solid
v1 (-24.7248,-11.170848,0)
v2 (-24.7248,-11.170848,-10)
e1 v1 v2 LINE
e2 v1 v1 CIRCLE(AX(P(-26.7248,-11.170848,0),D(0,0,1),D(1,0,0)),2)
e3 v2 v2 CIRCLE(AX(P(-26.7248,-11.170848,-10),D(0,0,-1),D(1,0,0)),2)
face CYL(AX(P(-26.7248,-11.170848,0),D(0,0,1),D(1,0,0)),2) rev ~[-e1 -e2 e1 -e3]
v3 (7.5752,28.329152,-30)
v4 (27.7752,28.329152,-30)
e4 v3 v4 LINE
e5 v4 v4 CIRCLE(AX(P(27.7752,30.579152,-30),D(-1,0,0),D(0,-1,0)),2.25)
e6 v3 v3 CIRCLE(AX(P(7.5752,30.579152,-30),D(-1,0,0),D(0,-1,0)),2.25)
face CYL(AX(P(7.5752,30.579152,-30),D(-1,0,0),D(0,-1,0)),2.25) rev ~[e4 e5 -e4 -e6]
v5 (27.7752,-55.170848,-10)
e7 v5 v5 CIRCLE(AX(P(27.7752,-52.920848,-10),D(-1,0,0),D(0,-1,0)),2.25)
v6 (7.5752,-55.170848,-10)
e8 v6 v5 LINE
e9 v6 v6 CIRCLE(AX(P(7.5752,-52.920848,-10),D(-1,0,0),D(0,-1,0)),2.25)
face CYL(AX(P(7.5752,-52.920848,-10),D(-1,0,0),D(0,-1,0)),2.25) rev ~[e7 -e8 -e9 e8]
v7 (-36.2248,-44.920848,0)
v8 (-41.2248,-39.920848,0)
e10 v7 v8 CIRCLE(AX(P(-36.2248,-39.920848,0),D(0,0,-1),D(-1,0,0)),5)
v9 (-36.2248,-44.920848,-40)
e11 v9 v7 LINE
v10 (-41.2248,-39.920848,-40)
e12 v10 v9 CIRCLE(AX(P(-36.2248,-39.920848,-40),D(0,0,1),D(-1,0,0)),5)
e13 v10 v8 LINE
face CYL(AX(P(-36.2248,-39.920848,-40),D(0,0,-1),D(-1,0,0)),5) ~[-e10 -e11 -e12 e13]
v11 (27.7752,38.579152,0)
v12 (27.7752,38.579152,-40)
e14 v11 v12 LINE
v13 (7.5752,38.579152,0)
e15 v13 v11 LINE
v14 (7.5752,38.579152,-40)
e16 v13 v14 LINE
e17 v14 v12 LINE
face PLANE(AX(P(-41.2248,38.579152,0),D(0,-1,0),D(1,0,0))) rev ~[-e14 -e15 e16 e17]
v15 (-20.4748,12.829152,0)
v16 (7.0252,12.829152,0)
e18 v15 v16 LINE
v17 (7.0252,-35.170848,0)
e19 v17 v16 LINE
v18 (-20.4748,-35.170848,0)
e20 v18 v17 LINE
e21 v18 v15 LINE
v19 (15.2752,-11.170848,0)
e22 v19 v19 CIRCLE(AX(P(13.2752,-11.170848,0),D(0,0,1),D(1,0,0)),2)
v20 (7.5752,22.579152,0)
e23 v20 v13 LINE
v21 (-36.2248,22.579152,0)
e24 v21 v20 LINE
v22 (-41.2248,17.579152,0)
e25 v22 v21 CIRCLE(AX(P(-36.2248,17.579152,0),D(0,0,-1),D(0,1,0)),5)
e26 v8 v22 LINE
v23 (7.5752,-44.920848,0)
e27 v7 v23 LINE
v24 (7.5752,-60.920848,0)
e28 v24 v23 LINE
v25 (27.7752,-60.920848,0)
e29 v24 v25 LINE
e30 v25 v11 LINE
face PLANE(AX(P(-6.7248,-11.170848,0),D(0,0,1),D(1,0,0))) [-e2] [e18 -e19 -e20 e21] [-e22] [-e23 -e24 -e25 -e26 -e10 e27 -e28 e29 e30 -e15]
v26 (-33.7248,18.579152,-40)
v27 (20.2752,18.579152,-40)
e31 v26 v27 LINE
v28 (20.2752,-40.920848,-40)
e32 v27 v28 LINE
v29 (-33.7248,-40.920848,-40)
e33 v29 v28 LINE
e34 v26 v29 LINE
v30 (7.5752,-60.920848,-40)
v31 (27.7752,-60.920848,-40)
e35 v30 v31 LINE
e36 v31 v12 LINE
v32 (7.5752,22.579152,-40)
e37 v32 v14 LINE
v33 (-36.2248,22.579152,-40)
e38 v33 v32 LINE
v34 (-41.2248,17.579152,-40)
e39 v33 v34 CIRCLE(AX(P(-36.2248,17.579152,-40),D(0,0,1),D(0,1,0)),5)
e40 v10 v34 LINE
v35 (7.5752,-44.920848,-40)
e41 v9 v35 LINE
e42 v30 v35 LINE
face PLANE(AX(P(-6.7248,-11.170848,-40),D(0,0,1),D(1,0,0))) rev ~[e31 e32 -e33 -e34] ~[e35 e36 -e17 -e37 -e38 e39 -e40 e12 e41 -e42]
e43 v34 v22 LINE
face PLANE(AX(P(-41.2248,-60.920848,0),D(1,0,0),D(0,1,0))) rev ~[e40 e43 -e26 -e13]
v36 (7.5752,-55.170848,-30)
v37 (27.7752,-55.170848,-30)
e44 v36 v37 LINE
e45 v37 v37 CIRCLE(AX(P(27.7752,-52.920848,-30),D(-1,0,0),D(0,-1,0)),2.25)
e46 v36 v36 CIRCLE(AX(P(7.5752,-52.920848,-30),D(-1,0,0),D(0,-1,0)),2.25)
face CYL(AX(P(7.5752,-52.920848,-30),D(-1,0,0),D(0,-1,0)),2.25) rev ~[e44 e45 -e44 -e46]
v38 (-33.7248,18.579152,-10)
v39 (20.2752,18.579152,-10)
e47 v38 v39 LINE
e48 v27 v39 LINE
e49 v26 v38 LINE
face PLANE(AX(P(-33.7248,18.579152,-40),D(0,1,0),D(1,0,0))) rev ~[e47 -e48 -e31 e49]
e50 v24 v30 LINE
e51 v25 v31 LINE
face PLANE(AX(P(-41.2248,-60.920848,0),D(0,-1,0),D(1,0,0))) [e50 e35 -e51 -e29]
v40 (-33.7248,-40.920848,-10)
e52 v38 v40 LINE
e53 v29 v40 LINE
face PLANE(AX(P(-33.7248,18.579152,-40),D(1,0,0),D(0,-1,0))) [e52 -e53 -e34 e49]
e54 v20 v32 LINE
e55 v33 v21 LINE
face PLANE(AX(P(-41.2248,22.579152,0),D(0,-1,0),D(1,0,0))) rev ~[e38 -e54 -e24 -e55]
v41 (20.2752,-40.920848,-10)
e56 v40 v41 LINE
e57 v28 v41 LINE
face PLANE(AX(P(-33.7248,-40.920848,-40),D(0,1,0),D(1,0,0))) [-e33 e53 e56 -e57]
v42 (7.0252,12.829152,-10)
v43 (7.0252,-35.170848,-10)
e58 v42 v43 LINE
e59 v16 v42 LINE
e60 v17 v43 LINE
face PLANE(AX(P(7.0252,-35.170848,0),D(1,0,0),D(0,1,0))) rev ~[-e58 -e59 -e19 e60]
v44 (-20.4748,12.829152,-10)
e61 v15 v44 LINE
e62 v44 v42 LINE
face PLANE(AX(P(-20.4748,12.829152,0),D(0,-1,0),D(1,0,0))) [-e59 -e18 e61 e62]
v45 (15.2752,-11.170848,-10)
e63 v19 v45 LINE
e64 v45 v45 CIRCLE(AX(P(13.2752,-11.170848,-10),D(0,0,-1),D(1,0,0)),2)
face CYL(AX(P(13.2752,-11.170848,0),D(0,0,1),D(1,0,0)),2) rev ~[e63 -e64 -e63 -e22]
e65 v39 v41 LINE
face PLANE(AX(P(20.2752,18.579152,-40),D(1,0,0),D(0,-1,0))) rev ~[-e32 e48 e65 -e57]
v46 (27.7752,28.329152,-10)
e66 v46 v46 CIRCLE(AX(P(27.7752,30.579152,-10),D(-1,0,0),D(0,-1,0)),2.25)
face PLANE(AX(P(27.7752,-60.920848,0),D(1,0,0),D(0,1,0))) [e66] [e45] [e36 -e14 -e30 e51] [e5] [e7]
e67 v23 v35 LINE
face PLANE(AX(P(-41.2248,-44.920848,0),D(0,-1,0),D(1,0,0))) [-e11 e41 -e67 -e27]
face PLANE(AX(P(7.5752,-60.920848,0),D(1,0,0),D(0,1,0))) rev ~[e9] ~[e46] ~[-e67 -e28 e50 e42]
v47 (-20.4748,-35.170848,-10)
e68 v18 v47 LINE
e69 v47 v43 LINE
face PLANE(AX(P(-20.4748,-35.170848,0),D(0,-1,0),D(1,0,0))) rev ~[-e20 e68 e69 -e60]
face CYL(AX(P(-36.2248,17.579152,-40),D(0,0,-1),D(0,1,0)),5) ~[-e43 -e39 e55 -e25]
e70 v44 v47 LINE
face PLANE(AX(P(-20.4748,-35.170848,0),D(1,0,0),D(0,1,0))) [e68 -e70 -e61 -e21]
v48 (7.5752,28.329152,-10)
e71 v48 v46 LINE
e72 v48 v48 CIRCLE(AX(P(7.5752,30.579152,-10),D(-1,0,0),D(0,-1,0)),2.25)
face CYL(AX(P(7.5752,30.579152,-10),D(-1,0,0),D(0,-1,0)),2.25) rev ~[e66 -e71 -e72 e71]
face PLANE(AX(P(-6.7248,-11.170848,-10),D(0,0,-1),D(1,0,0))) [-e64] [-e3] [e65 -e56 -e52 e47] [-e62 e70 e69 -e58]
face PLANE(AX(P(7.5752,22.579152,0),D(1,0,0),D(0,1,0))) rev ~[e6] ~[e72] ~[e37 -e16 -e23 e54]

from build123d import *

# Parameters (mm, degrees)
F0_R      = 2
F0_W      = 27.5
F0_H      = 48
F1_DEPTH  = 1
F0_W_2    = 69
F0_H_2    = 99.5
F2_DEPTH  = 40
F3_W      = 54
F3_H      = 59.5
F3_R      = 2
F3_W_2    = 27.5
F3_H_2    = 48
F4_DEPTH  = 30
F5_W      = 48.8
F5_H      = 16
F6_DEPTH  = 40.001
F7_R      = 2.25
F8_DEPTH  = 20.201
F9_DEPTH  = 1
F11_DEPTH = 40.001


with BuildPart() as f1:
    # F0 (on Top) → F1 (new body)
    with BuildSketch(Plane.XY):
        Polygon((7.5751999344, 18.5791517273), (-21.0248000656, 18.5791517273), (-31.2248000656, -11.1708482727), (-21.0248000656, -40.9208482727), (7.5751999344, -40.9208482727), (17.7751999344, -11.1708482727), align=None)
        with Locations((-26.7248000656, -11.1708482727)):
            Circle(F0_R, mode=Mode.SUBTRACT)
        with Locations((-6.7248000656, -11.1708482727)):
            Rectangle(F0_W, F0_H, mode=Mode.SUBTRACT)
        with Locations((13.2751999344, -11.1708482727)):
            Circle(F0_R, mode=Mode.SUBTRACT)
    extrude(amount=F1_DEPTH)

    # F0 (on Top) → F2 (join)
    with BuildSketch(Plane.XY):
        with Locations((-6.7248000656, -11.1708482727)):
            Rectangle(F0_W_2, F0_H_2)
        Polygon((-31.2248000656, -11.1708482727), (-21.0248000656, 18.5791517273), (7.5751999344, 18.5791517273), (17.7751999344, -11.1708482727), (7.5751999344, -40.9208482727), (-21.0248000656, -40.9208482727), align=None, mode=Mode.SUBTRACT)
        Polygon((7.5751999344, 18.5791517273), (-21.0248000656, 18.5791517273), (-31.2248000656, -11.1708482727), (-21.0248000656, -40.9208482727), (7.5751999344, -40.9208482727), (17.7751999344, -11.1708482727), align=None)
        with Locations((-26.7248000656, -11.1708482727)):
            Circle(F0_R, mode=Mode.SUBTRACT)
        with Locations((-6.7248000656, -11.1708482727)):
            Rectangle(F0_W, F0_H, mode=Mode.SUBTRACT)
        with Locations((13.2751999344, -11.1708482727)):
            Circle(F0_R, mode=Mode.SUBTRACT)
    extrude(amount=-F2_DEPTH)

    # F3 (on face) → F4 (cut)
    with BuildSketch(Plane(origin=(0, 0, -40), x_dir=(1, 0, 0), z_dir=(0, 0, -1))):
        with Locations((-6.7248000656, 11.1708482727)):
            Rectangle(F3_W, F3_H)
        with Locations((-26.7248000656, 11.1708482727)):
            Circle(F3_R, mode=Mode.SUBTRACT)
        with Locations((-6.7248000656, 11.1708482727)):
            Rectangle(F3_W_2, F3_H_2, mode=Mode.SUBTRACT)
        with Locations((13.2751999344, 11.1708482727)):
            Circle(F3_R, mode=Mode.SUBTRACT)
    extrude(amount=-F4_DEPTH, mode=Mode.SUBTRACT)

    # F5 (on face) → F6 (cut, through all)
    with BuildSketch(Plane.XY):
        with Locations((-16.8248000656, -52.9208482727)):
            Rectangle(F5_W, F5_H)
        with Locations((-16.8248000656, 30.5791517273)):
            Rectangle(F5_W, F5_H)
    extrude(amount=-F6_DEPTH, mode=Mode.SUBTRACT)

    # F7 (on face) → F8 (cut, through all)
    with BuildSketch(Plane(origin=(7.5751999344, 0, 0), x_dir=(0, -1, 0), z_dir=(-1, 0, 0))):
        with Locations((52.9208482727, -10)):
            Circle(F7_R)
        with Locations((52.9208482727, -30)):
            Circle(F7_R)
        with Locations((-30.5791517273, -10)):
            Circle(F7_R)
        with Locations((-30.5791517273, -30)):
            Circle(F7_R)
    extrude(amount=-F8_DEPTH, mode=Mode.SUBTRACT)

    # F9 (cut): a face of the model
    f9_faces = [f1.faces().sort_by_distance(p)[0] for p in [
        (-6.7248000656, 17.8083566832, 1),
    ]]
    extrude(f9_faces, amount=-F9_DEPTH, mode=Mode.SUBTRACT)

    # F10 (on face) → F11 (cut, through all)
    with BuildSketch(Plane(origin=(0, 0, -40), x_dir=(1, 0, 0), z_dir=(0, 0, -1))):
        with BuildLine():
            ThreePointArc((-41.2248000656, 39.9208482727), (-39.7603339715, 43.4563821787), (-36.2248000656, 44.9208482727))
            Line((-36.2248000656, 44.9208482727), (-41.2248000656, 44.9208482727))
            Line((-41.2248000656, 44.9208482727), (-41.2248000656, 39.9208482727))
        make_face()
        with BuildLine():
            ThreePointArc((-36.2248000656, -22.5791517273), (-39.7603339715, -21.1146856332), (-41.2248000656, -17.5791517273))
            Line((-41.2248000656, -17.5791517273), (-41.2248000656, -22.5791517273))
            Line((-41.2248000656, -22.5791517273), (-36.2248000656, -22.5791517273))
        make_face()
    extrude(amount=-F11_DEPTH, mode=Mode.SUBTRACT)


solid = f1.part
